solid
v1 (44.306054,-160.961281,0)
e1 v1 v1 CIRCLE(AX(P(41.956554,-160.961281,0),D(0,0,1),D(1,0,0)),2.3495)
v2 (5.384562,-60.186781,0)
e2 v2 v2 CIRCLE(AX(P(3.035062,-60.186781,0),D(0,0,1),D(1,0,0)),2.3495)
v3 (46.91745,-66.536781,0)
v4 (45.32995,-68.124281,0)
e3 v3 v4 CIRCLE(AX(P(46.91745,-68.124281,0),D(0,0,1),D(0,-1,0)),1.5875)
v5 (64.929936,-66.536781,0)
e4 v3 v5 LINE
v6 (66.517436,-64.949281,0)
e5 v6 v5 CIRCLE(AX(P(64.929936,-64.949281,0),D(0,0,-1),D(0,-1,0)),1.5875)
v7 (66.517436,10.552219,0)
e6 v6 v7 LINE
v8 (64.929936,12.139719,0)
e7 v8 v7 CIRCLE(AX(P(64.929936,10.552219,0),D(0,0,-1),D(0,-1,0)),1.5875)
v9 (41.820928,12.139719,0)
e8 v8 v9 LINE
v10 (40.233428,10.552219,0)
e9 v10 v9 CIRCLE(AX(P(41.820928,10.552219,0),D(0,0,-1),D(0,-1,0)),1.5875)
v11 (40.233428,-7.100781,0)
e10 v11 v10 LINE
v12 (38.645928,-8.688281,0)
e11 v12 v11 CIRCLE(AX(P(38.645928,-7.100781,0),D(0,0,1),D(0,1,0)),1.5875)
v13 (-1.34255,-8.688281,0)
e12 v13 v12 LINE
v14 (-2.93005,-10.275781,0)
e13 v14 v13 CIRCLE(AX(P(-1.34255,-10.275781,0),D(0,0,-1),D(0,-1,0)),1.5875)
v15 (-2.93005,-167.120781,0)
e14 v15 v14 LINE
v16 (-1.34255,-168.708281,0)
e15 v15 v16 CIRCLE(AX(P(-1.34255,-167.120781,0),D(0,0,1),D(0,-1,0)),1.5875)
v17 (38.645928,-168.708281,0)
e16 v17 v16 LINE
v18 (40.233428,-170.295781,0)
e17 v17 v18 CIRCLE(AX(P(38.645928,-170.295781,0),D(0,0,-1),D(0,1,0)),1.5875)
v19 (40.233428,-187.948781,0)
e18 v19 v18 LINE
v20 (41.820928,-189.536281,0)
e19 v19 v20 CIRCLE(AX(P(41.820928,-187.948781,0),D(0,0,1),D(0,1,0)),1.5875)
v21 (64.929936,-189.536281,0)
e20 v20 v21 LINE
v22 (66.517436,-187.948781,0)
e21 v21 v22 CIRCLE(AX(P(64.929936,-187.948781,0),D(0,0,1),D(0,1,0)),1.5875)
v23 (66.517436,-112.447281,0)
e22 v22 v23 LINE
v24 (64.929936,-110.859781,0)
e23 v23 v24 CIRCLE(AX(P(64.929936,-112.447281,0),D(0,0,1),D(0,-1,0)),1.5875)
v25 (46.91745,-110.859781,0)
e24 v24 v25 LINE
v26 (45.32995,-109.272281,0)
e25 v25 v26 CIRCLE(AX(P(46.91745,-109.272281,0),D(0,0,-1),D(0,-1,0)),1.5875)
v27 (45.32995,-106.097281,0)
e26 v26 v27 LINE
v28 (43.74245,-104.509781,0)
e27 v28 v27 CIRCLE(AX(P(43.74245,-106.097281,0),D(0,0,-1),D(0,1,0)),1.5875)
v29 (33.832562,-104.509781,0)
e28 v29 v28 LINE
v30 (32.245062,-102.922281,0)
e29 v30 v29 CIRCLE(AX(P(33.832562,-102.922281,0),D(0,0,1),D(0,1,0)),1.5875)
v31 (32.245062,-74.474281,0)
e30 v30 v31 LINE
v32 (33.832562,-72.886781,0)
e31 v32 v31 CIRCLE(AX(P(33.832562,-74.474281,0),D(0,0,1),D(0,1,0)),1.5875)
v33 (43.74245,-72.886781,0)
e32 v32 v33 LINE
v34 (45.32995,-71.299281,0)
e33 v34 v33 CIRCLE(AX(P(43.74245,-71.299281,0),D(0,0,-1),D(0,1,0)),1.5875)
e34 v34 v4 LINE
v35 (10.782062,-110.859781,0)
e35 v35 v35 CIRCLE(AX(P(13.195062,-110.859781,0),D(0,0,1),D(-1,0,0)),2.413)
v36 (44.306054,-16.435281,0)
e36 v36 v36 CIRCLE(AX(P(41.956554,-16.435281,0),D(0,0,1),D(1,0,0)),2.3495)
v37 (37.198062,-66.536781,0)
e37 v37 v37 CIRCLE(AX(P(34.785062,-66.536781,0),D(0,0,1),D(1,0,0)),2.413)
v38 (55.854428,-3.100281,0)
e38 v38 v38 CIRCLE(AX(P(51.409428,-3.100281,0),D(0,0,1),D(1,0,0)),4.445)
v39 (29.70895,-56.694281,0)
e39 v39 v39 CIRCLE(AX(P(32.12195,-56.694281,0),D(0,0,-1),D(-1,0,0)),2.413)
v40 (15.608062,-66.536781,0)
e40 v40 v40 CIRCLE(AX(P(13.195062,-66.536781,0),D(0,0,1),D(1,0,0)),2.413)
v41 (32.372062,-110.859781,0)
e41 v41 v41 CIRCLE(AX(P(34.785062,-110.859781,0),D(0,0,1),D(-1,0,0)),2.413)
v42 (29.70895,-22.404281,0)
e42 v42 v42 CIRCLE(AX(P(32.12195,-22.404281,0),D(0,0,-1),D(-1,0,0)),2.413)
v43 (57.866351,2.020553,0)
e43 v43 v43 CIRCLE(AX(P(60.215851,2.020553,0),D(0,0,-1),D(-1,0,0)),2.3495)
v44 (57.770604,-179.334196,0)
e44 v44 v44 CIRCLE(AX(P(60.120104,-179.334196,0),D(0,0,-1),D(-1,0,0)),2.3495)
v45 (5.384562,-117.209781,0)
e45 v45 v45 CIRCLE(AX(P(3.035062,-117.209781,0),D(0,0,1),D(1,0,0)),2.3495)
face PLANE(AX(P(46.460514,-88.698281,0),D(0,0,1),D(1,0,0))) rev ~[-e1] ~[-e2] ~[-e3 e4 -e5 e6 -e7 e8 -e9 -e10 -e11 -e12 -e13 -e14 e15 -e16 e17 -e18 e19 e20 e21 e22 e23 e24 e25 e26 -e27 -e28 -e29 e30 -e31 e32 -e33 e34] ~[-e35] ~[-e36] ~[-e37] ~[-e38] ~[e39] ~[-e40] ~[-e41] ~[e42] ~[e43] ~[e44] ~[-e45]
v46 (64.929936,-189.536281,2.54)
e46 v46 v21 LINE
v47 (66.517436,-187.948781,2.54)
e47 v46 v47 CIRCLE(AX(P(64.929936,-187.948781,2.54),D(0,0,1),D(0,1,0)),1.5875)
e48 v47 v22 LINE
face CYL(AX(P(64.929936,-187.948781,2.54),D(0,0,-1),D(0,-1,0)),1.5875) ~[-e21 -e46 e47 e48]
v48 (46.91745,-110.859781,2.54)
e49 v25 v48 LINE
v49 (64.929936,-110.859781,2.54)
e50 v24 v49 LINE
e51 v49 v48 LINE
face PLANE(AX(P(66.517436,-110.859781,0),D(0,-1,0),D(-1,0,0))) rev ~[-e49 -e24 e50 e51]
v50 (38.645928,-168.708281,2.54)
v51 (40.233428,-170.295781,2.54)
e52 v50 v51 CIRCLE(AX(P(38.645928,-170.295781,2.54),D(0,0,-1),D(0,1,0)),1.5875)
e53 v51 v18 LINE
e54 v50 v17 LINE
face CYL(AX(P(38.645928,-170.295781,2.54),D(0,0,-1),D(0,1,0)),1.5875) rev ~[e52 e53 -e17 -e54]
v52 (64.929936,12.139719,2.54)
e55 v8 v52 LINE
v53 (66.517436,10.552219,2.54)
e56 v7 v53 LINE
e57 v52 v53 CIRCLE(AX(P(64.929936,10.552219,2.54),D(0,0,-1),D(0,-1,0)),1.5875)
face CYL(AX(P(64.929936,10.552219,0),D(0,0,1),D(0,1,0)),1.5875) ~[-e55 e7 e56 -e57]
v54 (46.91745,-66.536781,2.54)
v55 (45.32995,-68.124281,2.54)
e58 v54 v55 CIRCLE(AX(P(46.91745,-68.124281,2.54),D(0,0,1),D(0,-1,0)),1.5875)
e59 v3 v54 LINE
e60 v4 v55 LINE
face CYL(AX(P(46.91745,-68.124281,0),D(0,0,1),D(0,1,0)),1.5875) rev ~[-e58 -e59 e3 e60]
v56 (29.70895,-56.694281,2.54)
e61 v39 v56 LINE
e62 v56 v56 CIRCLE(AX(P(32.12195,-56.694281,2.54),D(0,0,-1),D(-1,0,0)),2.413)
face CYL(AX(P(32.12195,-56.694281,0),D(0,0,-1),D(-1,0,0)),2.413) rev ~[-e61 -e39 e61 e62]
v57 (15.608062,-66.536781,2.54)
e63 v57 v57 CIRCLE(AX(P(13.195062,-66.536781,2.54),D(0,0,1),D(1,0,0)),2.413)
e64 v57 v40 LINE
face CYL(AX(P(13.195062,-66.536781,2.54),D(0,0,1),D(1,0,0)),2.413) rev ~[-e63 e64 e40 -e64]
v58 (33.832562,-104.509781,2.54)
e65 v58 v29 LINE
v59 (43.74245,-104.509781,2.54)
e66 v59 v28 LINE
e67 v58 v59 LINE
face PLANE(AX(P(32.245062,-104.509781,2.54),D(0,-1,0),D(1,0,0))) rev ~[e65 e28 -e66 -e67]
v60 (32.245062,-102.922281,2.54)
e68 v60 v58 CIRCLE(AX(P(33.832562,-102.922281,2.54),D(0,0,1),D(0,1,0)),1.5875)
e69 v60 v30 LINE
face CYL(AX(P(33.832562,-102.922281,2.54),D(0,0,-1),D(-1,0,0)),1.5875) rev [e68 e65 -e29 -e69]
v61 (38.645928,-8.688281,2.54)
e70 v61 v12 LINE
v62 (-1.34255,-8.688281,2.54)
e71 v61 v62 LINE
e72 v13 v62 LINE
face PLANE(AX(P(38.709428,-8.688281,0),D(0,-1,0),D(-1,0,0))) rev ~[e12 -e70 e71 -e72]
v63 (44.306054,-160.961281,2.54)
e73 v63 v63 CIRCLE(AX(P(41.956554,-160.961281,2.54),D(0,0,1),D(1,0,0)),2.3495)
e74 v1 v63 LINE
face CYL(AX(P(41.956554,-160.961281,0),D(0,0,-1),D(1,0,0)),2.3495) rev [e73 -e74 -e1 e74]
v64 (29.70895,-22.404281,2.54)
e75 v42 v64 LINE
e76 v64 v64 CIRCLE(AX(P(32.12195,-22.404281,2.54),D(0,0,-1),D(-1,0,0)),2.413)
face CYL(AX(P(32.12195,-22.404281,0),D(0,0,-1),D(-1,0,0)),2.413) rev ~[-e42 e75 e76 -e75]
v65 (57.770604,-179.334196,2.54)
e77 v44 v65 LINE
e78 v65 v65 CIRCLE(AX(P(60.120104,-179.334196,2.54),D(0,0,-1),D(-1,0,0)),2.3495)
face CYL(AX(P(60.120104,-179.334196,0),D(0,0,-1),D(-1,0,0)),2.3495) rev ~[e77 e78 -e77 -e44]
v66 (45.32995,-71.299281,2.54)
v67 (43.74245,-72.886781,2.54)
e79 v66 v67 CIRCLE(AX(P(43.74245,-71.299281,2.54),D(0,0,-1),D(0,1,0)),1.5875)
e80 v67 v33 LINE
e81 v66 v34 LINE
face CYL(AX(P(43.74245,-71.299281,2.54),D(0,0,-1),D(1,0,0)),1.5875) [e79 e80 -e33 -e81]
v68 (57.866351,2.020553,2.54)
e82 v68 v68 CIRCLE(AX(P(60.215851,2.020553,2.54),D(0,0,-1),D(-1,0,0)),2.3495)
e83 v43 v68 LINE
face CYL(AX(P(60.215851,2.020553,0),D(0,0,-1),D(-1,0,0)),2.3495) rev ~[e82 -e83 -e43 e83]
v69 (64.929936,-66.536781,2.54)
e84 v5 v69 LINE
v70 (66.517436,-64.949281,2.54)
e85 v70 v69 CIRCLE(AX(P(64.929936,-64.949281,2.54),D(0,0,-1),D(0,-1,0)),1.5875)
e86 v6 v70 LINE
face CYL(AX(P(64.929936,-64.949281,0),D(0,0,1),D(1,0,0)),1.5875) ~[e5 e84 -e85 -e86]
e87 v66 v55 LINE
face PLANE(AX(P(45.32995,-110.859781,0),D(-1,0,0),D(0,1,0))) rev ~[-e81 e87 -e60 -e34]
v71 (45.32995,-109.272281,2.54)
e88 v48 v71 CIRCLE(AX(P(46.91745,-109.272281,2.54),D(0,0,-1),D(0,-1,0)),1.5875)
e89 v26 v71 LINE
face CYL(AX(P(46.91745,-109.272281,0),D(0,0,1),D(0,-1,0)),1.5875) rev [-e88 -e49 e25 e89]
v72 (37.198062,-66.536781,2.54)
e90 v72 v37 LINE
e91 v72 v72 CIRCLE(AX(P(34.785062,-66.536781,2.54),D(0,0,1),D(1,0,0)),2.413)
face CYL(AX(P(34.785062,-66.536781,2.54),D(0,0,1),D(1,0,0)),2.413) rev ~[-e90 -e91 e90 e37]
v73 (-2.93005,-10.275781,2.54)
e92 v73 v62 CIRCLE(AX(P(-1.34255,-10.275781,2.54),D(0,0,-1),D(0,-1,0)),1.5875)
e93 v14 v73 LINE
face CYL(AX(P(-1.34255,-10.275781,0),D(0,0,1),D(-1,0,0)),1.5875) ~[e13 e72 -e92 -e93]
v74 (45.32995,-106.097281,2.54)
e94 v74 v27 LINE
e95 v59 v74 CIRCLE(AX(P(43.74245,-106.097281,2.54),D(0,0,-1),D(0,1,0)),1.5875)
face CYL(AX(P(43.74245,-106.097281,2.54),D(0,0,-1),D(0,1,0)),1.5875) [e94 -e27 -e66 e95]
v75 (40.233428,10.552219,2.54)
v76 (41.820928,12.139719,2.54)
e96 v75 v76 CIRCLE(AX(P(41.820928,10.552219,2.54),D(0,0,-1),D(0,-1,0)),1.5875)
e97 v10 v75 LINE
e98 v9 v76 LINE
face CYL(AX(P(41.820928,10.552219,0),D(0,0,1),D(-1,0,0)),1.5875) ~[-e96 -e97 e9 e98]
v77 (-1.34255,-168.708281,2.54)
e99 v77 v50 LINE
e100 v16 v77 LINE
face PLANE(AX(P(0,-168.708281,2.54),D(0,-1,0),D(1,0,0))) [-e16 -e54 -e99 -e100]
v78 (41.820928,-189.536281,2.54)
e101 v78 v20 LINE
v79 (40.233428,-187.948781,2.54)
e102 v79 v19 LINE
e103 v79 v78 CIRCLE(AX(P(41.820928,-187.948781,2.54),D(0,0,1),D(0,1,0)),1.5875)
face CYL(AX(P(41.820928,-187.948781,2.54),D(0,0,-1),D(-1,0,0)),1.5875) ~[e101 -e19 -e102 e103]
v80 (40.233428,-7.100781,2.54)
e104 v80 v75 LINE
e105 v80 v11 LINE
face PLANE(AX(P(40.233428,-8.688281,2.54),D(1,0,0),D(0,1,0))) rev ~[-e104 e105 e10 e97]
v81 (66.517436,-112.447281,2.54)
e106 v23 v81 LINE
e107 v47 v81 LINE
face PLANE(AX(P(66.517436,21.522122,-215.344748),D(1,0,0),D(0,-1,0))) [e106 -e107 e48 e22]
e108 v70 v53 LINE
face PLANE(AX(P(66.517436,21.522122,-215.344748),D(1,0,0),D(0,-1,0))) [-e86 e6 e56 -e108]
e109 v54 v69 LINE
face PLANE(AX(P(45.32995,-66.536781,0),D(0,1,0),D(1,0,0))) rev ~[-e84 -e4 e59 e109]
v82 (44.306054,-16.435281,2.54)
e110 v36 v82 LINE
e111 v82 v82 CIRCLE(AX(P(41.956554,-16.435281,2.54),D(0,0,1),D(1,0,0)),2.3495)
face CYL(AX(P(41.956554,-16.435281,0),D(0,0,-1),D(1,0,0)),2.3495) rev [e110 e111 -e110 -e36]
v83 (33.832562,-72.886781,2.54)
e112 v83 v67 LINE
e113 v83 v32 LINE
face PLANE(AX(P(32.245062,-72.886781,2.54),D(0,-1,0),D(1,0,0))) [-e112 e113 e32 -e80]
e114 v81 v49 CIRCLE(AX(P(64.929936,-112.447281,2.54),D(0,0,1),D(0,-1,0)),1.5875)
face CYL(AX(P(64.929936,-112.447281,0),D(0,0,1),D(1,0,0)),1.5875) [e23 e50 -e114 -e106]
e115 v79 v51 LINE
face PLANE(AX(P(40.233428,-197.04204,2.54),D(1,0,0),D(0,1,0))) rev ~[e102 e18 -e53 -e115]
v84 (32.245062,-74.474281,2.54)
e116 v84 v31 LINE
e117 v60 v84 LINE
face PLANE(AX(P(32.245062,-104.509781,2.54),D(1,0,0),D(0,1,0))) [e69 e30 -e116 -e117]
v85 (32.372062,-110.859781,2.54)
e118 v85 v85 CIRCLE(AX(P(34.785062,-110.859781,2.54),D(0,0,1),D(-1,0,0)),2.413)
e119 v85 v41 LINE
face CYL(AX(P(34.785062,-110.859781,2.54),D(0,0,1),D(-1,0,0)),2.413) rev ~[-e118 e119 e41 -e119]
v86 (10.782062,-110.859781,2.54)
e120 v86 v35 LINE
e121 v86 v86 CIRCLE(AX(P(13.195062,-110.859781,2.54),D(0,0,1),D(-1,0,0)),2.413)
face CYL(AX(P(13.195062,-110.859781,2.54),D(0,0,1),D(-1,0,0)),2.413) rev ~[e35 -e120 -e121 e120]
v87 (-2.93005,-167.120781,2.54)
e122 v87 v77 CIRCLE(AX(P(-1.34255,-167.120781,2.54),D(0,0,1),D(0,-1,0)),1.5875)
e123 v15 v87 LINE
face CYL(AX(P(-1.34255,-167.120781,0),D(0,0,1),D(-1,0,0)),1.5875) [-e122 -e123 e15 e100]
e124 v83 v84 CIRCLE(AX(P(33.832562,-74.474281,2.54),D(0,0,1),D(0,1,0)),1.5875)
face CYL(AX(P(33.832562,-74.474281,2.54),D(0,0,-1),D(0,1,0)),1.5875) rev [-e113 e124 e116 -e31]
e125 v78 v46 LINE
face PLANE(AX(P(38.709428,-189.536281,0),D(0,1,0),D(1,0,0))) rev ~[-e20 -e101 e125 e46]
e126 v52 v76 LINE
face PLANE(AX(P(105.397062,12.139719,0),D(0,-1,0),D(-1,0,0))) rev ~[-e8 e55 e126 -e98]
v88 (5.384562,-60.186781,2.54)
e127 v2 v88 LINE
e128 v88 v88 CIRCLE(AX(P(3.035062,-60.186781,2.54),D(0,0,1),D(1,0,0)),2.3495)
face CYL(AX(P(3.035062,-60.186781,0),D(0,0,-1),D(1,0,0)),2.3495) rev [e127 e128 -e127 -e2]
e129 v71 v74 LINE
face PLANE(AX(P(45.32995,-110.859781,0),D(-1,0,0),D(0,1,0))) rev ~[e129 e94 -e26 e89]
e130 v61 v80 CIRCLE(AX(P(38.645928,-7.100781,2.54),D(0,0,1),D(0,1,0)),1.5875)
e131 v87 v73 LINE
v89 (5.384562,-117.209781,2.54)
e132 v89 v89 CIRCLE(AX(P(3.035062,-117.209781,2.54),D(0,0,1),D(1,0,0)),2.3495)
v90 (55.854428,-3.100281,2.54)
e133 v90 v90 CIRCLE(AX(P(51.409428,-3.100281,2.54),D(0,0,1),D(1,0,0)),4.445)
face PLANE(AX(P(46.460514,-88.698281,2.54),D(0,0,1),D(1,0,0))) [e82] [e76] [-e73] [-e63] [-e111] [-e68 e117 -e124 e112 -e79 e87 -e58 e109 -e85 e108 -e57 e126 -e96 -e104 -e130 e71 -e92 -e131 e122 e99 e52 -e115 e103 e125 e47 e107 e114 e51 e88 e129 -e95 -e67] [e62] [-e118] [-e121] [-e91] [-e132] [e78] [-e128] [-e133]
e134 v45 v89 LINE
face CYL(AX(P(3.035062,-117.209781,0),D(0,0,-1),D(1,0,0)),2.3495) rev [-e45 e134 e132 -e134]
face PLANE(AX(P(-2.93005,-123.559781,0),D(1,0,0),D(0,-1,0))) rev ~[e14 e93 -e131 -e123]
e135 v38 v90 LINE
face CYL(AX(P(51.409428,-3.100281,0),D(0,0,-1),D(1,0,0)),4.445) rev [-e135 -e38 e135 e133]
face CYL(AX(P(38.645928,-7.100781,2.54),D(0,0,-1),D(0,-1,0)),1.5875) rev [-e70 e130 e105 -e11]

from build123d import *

# Parameters (mm, degrees)
SKETCH1_R               = 2.3495
SKETCH1_R_2             = 4.445
BOSS_EXTRUDE1_DEPTH     = 2.54
SKETCH2_R               = 2.413
CUT_EXTRUDE1_DEPTH      = 217.884748371
SKETCH3_W               = 13.08488816
SKETCH3_H               = 31.623
CUT_EXTRUDE2_DEPTH      = 217.884748371
SKETCH4_W               = 12.77569874
SKETCH4_H               = 24.435209008
SKETCH4_W_2             = 40.233428475
SKETCH4_H_2             = 28.333759116
CUT_EXTRUDE3_DEPTH      = 217.884748371
SKETCH5_R               = 2.413
CUT_EXTRUDE4_DEPTH      = 217.884748371
CUT_EXTRUDE5_DEPTH      = 217.884748371
CUT_EXTRUDE5_DEPTH_BACK = 217.884748371
SKETCH8_R               = 2.3495
CUT_EXTRUDE6_DEPTH      = 191.226610272
FILLET1_R               = 1.5875
SKETCH9_W               = 0.38488816
SKETCH9_H               = 2.54
CUT_EXTRUDE7_DEPTH      = 152.146866512


with BuildPart() as part:
    # Sketch1 → Boss-Extrude1 (new body)
    with BuildSketch(Plane.XY):
        Polygon((-2.930050059, -104.509781075), (-3.314938219, -104.509781075), (-3.314938219, -110.859781075), (-3.314938219, -123.559781075), (-2.930050059, -123.559781075), (-2.930050059, -168.708281075), (38.709428475, -168.708281075), (38.709428475, -189.536281075), (105.397061781, -189.536281075), (66.517436481, -110.859781075), (45.329949941, -110.859781075), (45.329949941, -104.509781075), (45.329949941, -72.886781075), (45.329949941, -66.536781075), (66.517436481, -66.536781075), (105.397061781, 12.139718925), (38.709428475, 12.139718925), (38.709428475, -8.688281075), (-2.930050059, -8.688281075), (-2.930050059, -53.836781075), (-3.314938219, -53.836781075), (-3.314938219, -66.536781075), (-3.314938219, -72.886781075), (-2.930050059, -72.886781075), align=None)
        with Locations((90.673911143, 2.614718925)):
            Circle(SKETCH1_R, mode=Mode.SUBTRACT)
        with Locations((41.95655448, -16.435281075)):
            Circle(SKETCH1_R, mode=Mode.SUBTRACT)
        with Locations((3.035061781, -60.186781075)):
            Circle(SKETCH1_R, mode=Mode.SUBTRACT)
        with Locations((3.035061781, -117.209781075)):
            Circle(SKETCH1_R, mode=Mode.SUBTRACT)
        with Locations((41.95655448, -160.961281075)):
            Circle(SKETCH1_R, mode=Mode.SUBTRACT)
        with Locations((90.673911143, -180.011281075)):
            Circle(SKETCH1_R, mode=Mode.SUBTRACT)
        with Locations((51.409428475, -3.100281075)):
            Circle(SKETCH1_R_2, mode=Mode.SUBTRACT)
    extrude(amount=BOSS_EXTRUDE1_DEPTH)

    # Sketch2 → Cut-Extrude1 (cut, through all)
    with BuildSketch(Plane.XY.offset(2.54)):
        with Locations((13.195061781, -66.536781075)):
            Circle(SKETCH2_R)
        with Locations((34.785061781, -66.536781075)):
            Circle(SKETCH2_R)
        with Locations(Location((34.785061781, -110.859781075, 0), (0, 0, 180))):
            Circle(SKETCH2_R)
        with Locations(Location((13.195061781, -110.859781075, 0), (0, 0, 180))):
            Circle(SKETCH2_R)
    extrude(amount=-CUT_EXTRUDE1_DEPTH, mode=Mode.SUBTRACT)

    # Sketch3 → Cut-Extrude2 (cut, through all)
    with BuildSketch(Plane.XY.offset(2.54)):
        with Locations((38.787505861, -88.698281075)):
            Rectangle(SKETCH3_W, SKETCH3_H)
    extrude(amount=-CUT_EXTRUDE2_DEPTH, mode=Mode.SUBTRACT)

    # Sketch4 → Cut-Extrude3 (cut, through all)
    with BuildSketch(Plane.XY.offset(2.54)):
        with Locations((33.845579105, 3.529323429)):
            Rectangle(SKETCH4_W, SKETCH4_H)
        with Locations((20.116714238, -182.875160633)):
            Rectangle(SKETCH4_W_2, SKETCH4_H_2)
    extrude(amount=-CUT_EXTRUDE3_DEPTH, mode=Mode.SUBTRACT)

    # Sketch5 → Cut-Extrude4 (cut, through all)
    with BuildSketch(Plane(origin=(0, 0, 0), x_dir=(-1, 0, 0), z_dir=(0, 0, -1))):
        with Locations((-32.121949941, -22.404281075)):
            Circle(SKETCH5_R)
        with Locations((-32.121949941, -56.694281075)):
            Circle(SKETCH5_R)
    extrude(amount=-CUT_EXTRUDE4_DEPTH, mode=Mode.SUBTRACT)

    # Sketch7 → Cut-Extrude5 (cut, two sides: drawn at the far end of the back side and taken through both)
    with BuildSketch(Plane.XY.offset(2.54).offset(-CUT_EXTRUDE5_DEPTH_BACK)):
        Polygon((66.517436481, -66.536781075), (66.517436481, 21.52212206), (127.820808625, 21.52212206), (115.78217236, -200.256310461), (66.517436481, -200.256310461), (66.517436481, -110.859781075), align=None)
    extrude(amount=CUT_EXTRUDE5_DEPTH + CUT_EXTRUDE5_DEPTH_BACK, mode=Mode.SUBTRACT)

    # Sketch8 → Cut-Extrude6 (cut, through all)
    with BuildSketch(Plane(origin=(13.551580143, -170.546705634, 0), x_dir=(0.9999106684671756, -0.013366191885727564, 0), z_dir=(0, 0, -1))):
        with Locations(Location((44.353535624, -173.175566882, 0), (0, 0, 179.234150812))):
            Circle(SKETCH8_R)
        with Locations(Location((46.68181957, 8.1642617, 0), (0, 0, 179.234150812))):
            Circle(SKETCH8_R)
    extrude(amount=-CUT_EXTRUDE6_DEPTH, mode=Mode.SUBTRACT)

    # Fillet1
    fillet1_edges = [part.edges().sort_by_distance(p)[0] for p in [
        (45.329949941, -72.886781075, 1.27),
        (45.329949941, -104.509781075, 1.27),
        (32.245061781, -104.509781075, 1.27),
        (32.245061781, -72.886781075, 1.27),
        (40.233428475, -189.536281075, 1.27),
        (40.233428475, 12.139718925, 1.27),
        (40.233428475, -8.688281075, 1.27),
        (40.233428475, -168.708281075, 1.27),
        (66.517436481, 12.139718925, 1.27),
        (66.517436481, -189.536281075, 1.27),
        (45.329949941, -66.536781075, 1.27),
        (45.329949941, -110.859781075, 1.27),
        (66.517436481, -110.859781075, 1.27),
        (-2.930050059, -168.708281075, 1.27),
        (-2.930050059, -8.688281075, 1.27),
        (66.517436481, -66.536781075, 1.27),
    ]]
    fillet(fillet1_edges, radius=FILLET1_R)

    # Sketch9 → Cut-Extrude7 (cut, through all)
    with BuildSketch(Plane.XZ.offset(123.559781075)):
        with Locations((-3.122494139, 1.27)):
            Rectangle(SKETCH9_W, SKETCH9_H)
    extrude(amount=-CUT_EXTRUDE7_DEPTH, mode=Mode.SUBTRACT)


solid = part.part
